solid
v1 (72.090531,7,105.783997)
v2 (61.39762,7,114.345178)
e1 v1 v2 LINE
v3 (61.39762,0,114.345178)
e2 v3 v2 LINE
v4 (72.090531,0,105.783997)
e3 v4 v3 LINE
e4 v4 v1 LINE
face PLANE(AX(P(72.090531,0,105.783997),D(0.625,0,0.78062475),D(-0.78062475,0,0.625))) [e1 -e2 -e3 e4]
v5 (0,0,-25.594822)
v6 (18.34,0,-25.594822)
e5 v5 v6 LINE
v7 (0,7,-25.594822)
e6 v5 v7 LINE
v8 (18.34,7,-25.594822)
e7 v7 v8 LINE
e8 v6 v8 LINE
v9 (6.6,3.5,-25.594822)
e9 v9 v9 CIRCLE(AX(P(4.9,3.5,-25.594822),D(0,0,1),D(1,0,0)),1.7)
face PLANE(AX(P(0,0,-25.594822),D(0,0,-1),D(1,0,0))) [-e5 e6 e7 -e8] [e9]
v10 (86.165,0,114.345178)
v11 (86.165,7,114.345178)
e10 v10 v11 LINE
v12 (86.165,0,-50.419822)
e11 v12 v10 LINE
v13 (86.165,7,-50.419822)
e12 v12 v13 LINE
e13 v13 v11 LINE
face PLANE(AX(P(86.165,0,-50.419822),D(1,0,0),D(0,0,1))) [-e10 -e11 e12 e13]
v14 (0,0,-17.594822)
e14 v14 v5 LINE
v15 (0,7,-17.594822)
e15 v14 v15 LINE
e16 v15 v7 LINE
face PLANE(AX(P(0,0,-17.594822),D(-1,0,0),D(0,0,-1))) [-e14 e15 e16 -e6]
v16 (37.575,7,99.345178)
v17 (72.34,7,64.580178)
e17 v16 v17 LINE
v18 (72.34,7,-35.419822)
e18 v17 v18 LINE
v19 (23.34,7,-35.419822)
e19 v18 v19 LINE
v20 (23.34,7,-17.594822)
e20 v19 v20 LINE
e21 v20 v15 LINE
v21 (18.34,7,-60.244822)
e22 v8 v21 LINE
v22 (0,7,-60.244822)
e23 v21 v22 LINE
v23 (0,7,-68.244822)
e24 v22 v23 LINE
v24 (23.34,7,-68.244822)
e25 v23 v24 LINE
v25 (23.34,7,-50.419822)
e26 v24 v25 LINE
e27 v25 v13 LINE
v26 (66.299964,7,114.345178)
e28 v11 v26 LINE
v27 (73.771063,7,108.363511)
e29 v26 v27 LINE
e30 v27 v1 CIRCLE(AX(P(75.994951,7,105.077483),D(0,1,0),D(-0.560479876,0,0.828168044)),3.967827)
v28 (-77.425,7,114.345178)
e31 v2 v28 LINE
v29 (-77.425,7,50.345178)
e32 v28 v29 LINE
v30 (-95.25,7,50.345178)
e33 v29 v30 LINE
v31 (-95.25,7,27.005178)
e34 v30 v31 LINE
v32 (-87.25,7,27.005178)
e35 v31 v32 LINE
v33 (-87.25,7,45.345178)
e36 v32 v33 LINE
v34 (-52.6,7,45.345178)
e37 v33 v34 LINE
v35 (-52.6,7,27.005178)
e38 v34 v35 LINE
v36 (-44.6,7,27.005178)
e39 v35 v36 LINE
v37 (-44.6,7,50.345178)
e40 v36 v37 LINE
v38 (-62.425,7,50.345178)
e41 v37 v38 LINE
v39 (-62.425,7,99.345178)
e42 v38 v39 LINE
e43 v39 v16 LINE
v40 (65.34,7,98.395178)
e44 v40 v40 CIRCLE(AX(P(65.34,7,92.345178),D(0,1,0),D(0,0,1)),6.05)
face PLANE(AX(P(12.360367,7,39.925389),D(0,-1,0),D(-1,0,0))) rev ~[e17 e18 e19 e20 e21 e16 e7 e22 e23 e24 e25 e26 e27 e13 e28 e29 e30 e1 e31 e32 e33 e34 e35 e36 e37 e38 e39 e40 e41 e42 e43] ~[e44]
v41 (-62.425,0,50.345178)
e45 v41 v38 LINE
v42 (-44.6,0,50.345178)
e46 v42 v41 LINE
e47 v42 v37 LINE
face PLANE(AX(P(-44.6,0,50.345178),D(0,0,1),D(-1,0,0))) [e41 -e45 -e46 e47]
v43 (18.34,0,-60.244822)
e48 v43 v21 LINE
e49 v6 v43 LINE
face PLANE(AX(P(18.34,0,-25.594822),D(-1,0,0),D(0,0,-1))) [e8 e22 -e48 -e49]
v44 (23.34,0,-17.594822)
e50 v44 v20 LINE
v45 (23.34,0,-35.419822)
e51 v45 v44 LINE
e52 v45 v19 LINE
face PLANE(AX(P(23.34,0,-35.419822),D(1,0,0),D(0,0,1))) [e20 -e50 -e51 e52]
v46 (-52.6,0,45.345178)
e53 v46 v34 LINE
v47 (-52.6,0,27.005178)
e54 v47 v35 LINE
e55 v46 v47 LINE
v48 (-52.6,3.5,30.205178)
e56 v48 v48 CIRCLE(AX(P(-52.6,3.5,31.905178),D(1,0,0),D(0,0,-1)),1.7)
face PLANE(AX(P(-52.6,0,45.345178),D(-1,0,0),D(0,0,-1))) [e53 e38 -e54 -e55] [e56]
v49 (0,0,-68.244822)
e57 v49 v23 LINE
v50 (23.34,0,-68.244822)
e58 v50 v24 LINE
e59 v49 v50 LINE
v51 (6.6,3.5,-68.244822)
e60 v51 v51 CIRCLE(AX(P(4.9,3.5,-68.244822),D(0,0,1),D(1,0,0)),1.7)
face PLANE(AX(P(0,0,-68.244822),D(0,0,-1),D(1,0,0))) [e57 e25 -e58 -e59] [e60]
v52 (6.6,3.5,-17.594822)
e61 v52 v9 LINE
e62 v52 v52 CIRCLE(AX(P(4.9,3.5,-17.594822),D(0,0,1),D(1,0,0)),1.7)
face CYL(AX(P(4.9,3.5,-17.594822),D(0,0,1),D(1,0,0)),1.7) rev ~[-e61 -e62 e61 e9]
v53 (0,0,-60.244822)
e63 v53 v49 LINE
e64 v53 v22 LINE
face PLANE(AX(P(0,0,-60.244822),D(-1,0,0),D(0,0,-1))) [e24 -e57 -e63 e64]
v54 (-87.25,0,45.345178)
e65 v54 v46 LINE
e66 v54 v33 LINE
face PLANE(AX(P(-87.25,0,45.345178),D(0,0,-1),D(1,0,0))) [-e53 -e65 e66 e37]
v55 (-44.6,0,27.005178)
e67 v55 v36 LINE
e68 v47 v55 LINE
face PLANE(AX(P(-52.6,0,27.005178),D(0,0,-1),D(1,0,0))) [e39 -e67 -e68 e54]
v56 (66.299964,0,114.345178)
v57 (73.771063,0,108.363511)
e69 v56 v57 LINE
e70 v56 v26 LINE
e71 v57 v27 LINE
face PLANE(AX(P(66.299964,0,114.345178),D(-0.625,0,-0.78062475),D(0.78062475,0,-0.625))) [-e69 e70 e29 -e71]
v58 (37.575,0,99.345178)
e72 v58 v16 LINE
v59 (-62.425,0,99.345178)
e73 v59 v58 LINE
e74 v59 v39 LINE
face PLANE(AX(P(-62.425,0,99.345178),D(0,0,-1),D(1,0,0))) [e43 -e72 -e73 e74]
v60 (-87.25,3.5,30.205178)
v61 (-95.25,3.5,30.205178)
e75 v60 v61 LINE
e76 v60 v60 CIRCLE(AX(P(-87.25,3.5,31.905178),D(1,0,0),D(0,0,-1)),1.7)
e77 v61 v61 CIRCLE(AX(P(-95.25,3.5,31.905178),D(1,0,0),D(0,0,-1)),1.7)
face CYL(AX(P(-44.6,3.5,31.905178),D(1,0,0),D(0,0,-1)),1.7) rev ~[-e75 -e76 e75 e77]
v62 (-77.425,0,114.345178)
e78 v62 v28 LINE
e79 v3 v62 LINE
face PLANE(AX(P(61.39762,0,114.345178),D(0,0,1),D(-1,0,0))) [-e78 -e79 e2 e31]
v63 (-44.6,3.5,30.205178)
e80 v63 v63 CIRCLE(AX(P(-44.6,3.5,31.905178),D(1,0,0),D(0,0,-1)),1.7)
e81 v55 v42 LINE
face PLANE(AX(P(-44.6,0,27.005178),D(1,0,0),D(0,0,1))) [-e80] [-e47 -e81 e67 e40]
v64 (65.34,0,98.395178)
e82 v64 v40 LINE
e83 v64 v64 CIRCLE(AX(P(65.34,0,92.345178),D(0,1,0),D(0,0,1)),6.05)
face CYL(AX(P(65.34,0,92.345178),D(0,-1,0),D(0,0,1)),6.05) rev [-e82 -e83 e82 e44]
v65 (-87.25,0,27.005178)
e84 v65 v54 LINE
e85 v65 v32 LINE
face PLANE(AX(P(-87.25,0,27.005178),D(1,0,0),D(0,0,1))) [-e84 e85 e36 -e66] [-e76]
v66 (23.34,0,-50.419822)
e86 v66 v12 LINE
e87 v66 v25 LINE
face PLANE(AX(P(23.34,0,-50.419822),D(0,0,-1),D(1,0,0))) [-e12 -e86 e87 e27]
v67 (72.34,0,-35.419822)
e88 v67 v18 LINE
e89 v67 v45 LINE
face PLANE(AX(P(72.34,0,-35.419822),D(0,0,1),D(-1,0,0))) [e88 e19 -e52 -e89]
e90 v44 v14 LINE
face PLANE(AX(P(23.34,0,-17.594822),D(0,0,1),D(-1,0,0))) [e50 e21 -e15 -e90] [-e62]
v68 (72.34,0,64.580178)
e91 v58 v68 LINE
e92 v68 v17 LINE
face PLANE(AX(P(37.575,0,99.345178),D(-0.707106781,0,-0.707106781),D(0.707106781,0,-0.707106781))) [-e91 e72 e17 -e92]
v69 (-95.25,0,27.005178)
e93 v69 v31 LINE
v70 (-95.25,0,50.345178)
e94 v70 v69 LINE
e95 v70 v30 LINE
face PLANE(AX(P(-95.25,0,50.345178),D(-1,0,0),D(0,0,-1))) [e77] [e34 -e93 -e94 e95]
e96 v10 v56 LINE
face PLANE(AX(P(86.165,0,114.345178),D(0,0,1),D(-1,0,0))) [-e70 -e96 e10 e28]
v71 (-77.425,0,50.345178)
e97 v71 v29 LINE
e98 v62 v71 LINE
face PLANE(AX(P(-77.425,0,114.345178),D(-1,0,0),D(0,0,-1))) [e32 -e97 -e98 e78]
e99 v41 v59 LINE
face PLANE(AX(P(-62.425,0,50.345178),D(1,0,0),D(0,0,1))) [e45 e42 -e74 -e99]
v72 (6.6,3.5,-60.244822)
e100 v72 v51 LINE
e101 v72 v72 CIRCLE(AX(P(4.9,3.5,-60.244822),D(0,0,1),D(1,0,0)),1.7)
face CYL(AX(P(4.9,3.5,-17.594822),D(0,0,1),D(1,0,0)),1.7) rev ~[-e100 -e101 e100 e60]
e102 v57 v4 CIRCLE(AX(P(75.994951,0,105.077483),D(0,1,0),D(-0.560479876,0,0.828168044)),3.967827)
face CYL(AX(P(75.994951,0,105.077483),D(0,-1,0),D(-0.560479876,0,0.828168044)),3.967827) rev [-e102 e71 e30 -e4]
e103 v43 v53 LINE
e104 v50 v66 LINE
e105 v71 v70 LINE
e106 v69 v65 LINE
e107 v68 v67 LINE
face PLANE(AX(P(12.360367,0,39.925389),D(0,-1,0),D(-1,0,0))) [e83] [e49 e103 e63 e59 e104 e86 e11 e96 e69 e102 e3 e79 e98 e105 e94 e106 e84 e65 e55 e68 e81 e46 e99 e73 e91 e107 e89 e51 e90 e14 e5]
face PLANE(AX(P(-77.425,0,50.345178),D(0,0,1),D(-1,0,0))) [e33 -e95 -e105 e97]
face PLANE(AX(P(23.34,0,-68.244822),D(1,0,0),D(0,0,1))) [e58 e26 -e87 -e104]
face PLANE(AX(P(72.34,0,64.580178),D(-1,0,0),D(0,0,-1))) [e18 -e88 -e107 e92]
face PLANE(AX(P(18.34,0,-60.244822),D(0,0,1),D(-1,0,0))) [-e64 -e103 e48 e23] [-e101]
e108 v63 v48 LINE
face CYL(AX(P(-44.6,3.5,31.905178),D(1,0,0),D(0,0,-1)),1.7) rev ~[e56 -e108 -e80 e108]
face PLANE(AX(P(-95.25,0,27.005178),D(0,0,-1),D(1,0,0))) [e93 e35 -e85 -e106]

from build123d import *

# Parameters (mm, degrees)
SKETCH1_R           = 6.05
BOSS_EXTRUDE1_DEPTH = 7
SKETCH2_R           = 1.7
CUT_EXTRUDE1_DEPTH  = 60
SKETCH3_R           = 1.7
CUT_EXTRUDE2_DEPTH  = 60


with BuildPart() as part:
    # Sketch1 → Boss-Extrude1 (new body)
    with BuildSketch(Plane(origin=(0, 0, 0), x_dir=(1, 0, 0), z_dir=(0, 1, 0))):
        with BuildLine():
            Line((-87.25, -27.005178012), (-87.25, -45.345178012))
            Line((-87.25, -45.345178012), (-52.6, -45.345178012))
            Line((-52.6, -45.345178012), (-52.6, -27.005178012))
            Line((-52.6, -27.005178012), (-44.6, -27.005178012))
            Line((-44.6, -27.005178012), (-44.6, -50.345178012))
            Line((-44.6, -50.345178012), (-62.425, -50.345178012))
            Line((-62.425, -50.345178012), (-62.425, -99.345178012))
            Line((-62.425, -99.345178012), (37.575, -99.345178012))
            Line((37.575, -99.345178012), (72.34, -64.580178012))
            Line((72.34, -64.580178012), (72.34, 35.419821988))
            Line((72.34, 35.419821988), (23.34, 35.419821988))
            Line((23.34, 35.419821988), (23.34, 17.594821988))
            Line((23.34, 17.594821988), (0, 17.594821988))
            Line((0, 17.594821988), (0, 25.594821988))
            Line((0, 25.594821988), (18.34, 25.594821988))
            Line((18.34, 25.594821988), (18.34, 60.244821988))
            Line((18.34, 60.244821988), (0, 60.244821988))
            Line((0, 60.244821988), (0, 68.244821988))
            Line((0, 68.244821988), (23.34, 68.244821988))
            Line((23.34, 68.244821988), (23.34, 50.419821988))
            Line((23.34, 50.419821988), (86.165, 50.419821988))
            Line((86.165, 50.419821988), (86.165, -65.755178012))
            Line((86.165, -65.755178012), (86.165, -114.345178012))
            Line((86.165, -114.345178012), (66.299963518, -114.345178012))
            Line((66.299963518, -114.345178012), (73.771063238, -108.363510987))
            ThreePointArc((73.771063238, -108.363510987), (79.319481987, -102.911578198), (72.090531111, -105.783997211))
            Line((72.090531111, -105.783997211), (61.397619718, -114.345178012))
            Line((61.397619718, -114.345178012), (37.575, -114.345178012))
            Line((37.575, -114.345178012), (-77.425, -114.345178012))
            Line((-77.425, -114.345178012), (-77.425, -50.345178012))
            Line((-77.425, -50.345178012), (-95.25, -50.345178012))
            Line((-95.25, -50.345178012), (-95.25, -27.005178012))
            Line((-95.25, -27.005178012), (-87.25, -27.005178012))
        make_face()
        with Locations(Location((65.34, -92.345178012, 0), (0, 0, 270))):
            Circle(SKETCH1_R, mode=Mode.SUBTRACT)
    extrude(amount=BOSS_EXTRUDE1_DEPTH)

    # Sketch2 → Cut-Extrude1 (cut)
    with BuildSketch(Plane.XY.offset(-17.594821988)):
        with Locations((4.9, 3.5)):
            Circle(SKETCH2_R)
    extrude(amount=-CUT_EXTRUDE1_DEPTH, mode=Mode.SUBTRACT)

    # Sketch3 → Cut-Extrude2 (cut)
    with BuildSketch(Plane(origin=(-44.6, 0, 0), x_dir=(0, 0, -1), z_dir=(1, 0, 0))):
        with Locations((-31.905178012, 3.5)):
            Circle(SKETCH3_R)
    extrude(amount=-CUT_EXTRUDE2_DEPTH, mode=Mode.SUBTRACT)


solid = part.part
